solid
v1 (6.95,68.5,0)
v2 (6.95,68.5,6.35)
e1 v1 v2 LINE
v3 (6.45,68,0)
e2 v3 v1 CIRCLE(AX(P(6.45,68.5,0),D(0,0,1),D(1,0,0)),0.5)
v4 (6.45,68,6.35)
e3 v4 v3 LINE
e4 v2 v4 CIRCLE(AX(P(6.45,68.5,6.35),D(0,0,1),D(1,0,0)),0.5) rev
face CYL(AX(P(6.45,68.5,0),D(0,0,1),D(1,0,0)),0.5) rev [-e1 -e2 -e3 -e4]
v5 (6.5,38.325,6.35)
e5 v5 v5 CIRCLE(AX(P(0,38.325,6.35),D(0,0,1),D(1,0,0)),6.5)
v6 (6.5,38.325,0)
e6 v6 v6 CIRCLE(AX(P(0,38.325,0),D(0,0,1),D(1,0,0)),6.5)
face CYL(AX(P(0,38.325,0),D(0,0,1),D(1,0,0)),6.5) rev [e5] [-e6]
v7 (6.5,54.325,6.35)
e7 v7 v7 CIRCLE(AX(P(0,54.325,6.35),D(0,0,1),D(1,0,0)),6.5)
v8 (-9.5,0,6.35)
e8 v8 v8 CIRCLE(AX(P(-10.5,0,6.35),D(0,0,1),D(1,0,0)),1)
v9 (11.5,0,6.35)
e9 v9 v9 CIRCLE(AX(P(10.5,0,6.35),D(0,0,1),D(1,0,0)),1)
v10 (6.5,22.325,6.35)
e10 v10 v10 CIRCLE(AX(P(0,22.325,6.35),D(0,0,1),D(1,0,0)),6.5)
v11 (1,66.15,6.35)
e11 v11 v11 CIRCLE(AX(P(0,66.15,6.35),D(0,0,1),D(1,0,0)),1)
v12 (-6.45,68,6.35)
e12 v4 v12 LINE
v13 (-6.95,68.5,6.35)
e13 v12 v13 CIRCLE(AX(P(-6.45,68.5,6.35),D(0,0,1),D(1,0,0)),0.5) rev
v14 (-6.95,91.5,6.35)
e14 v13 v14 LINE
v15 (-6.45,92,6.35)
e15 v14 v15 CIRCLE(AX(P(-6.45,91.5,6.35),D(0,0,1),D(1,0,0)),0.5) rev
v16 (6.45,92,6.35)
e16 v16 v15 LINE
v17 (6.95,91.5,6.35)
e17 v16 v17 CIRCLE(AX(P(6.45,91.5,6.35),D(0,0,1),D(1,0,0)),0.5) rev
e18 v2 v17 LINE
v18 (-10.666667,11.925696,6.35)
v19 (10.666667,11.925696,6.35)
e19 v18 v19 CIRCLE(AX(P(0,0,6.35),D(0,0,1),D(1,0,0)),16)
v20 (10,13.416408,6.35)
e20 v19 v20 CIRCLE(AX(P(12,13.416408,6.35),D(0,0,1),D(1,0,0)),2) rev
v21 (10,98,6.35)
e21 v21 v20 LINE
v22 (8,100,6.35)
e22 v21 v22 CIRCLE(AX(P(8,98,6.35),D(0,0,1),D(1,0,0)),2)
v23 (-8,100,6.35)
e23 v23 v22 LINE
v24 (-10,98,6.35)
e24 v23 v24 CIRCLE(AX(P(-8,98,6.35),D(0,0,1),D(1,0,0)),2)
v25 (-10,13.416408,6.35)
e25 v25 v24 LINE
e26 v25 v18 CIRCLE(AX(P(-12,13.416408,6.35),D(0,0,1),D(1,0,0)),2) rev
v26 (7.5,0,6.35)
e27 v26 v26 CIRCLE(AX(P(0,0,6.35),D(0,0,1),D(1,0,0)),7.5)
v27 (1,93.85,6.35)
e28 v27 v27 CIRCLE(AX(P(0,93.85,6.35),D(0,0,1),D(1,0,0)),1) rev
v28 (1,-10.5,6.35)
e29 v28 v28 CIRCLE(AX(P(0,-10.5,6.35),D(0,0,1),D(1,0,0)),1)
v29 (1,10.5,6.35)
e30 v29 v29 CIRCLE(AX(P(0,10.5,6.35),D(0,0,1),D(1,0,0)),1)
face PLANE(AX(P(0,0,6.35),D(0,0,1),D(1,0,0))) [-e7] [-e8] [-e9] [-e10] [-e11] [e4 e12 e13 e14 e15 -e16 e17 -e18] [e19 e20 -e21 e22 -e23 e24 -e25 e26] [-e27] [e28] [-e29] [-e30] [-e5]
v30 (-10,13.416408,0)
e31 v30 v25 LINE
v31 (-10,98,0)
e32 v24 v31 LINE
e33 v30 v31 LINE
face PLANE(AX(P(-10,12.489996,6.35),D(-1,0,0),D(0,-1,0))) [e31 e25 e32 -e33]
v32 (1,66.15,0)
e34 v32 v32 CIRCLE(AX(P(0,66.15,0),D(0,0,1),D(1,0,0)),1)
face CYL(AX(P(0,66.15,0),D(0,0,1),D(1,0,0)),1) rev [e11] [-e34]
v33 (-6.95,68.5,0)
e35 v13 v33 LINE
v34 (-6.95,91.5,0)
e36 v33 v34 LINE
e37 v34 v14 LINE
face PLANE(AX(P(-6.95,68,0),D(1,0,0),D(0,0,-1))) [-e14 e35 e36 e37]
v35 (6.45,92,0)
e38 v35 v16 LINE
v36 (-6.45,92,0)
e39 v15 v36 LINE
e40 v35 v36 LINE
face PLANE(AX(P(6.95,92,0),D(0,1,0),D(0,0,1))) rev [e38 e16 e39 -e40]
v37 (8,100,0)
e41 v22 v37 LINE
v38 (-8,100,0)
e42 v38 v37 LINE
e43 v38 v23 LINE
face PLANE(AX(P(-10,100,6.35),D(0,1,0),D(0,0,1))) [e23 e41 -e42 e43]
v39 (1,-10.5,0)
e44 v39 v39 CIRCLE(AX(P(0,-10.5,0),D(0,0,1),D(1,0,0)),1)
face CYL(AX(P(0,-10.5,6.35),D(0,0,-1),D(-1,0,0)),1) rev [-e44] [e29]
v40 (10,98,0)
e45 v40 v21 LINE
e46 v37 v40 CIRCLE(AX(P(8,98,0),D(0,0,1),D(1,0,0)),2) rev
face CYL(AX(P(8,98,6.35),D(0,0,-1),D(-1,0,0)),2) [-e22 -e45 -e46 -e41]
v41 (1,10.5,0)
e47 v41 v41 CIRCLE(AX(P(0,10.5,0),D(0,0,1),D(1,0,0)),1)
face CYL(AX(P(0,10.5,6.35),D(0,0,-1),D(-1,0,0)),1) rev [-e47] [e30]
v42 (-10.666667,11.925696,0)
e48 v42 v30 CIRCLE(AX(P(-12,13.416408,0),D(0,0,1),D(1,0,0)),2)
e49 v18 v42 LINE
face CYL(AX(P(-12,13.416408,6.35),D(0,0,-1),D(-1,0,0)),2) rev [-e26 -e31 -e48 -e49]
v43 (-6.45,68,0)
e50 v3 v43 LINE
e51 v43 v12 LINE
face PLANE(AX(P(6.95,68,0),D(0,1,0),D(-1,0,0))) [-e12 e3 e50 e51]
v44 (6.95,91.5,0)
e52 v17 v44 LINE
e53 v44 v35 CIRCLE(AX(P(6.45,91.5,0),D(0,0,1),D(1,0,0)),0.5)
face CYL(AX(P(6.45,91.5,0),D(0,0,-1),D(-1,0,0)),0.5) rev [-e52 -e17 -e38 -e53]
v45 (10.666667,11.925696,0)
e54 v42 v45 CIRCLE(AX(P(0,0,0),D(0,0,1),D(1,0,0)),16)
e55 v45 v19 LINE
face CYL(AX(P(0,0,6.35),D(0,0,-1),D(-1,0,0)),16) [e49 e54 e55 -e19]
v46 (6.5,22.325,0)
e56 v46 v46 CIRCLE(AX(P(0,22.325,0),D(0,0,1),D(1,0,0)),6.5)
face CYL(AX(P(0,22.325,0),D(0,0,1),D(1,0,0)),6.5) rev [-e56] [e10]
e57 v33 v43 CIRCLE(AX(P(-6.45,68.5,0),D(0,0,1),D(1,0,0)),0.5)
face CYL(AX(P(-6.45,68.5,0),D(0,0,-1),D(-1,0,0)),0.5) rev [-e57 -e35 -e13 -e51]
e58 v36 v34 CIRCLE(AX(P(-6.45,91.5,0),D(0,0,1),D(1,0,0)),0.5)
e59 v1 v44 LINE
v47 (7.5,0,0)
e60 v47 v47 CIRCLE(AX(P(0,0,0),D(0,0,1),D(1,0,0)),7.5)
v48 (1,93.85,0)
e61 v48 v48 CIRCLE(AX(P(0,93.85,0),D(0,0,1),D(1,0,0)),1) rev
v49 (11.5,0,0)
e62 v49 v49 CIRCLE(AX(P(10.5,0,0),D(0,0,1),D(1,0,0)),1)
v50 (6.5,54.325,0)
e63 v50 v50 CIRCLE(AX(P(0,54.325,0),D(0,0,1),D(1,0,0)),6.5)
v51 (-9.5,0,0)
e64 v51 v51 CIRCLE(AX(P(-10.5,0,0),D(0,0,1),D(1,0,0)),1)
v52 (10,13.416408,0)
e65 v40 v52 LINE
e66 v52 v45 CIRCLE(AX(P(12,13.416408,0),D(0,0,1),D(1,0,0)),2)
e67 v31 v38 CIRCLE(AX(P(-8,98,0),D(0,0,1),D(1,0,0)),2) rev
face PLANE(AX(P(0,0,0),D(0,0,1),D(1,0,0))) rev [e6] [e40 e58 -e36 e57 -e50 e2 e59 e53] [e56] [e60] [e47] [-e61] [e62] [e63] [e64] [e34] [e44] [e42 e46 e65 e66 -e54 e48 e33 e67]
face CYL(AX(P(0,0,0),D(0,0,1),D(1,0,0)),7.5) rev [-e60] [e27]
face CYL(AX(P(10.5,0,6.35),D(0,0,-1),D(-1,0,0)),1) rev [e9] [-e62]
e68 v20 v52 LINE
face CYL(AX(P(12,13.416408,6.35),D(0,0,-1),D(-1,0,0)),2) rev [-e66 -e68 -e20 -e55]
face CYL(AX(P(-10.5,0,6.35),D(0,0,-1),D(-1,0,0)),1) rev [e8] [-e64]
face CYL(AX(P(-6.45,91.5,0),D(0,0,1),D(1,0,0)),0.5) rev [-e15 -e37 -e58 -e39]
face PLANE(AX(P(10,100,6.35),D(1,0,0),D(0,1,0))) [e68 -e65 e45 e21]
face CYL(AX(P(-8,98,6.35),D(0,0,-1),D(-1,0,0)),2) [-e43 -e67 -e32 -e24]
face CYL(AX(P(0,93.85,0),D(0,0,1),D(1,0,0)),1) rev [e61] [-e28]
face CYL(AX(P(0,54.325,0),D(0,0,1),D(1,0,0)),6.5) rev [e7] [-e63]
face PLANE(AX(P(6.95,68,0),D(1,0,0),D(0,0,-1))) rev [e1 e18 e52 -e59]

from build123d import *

# Parameters (mm, degrees)
SKETCH1_R           = 1
BOSS_EXTRUDE1_DEPTH = 6.35
SKETCH2_R           = 1
SKETCH2_W           = 13.9
SKETCH2_H           = 24
CUT_EXTRUDE1_DEPTH  = 102.470796291
FILLET1_R           = 0.5
FILLET2_R           = 2
SKETCH3_R           = 6.5
CUT_EXTRUDE2_DEPTH  = 6.35
SKETCH4_R           = 7.5
CUT_EXTRUDE3_DEPTH  = 102.470796291


with BuildPart() as part:
    # Sketch1 → Boss-Extrude1 (new body)
    with BuildSketch(Plane.XY):
        with BuildLine():
            Line((-10, 12.489995997), (-10, 100))
            Line((-10, 100), (10, 100))
            Line((10, 100), (10, 12.489995997))
            ThreePointArc((10, 12.489995997), (0, -16), (-10, 12.489995997))
        make_face()
        with Locations((-10.5, 0)):
            Circle(SKETCH1_R, mode=Mode.SUBTRACT)
        with Locations((0, 10.5)):
            Circle(SKETCH1_R, mode=Mode.SUBTRACT)
        with Locations((10.5, 0)):
            Circle(SKETCH1_R, mode=Mode.SUBTRACT)
        with Locations((0, -10.5)):
            Circle(SKETCH1_R, mode=Mode.SUBTRACT)
    extrude(amount=BOSS_EXTRUDE1_DEPTH)

    # Sketch2 → Cut-Extrude1 (cut, through all)
    with BuildSketch(Plane.XY.offset(6.35)):
        with Locations((0, 93.85)):
            Circle(SKETCH2_R)
        with Locations((0, 66.15)):
            Circle(SKETCH2_R)
        with Locations((0, 80)):
            Rectangle(SKETCH2_W, SKETCH2_H)
    extrude(amount=-CUT_EXTRUDE1_DEPTH, mode=Mode.SUBTRACT)

    # Fillet1
    fillet1_edges = [part.edges().sort_by_distance(p)[0] for p in [
        (6.95, 68, 3.175),
        (-6.95, 68, 3.175),
        (-6.95, 92, 3.175),
        (6.95, 92, 3.175),
    ]]
    fillet(fillet1_edges, radius=FILLET1_R)

    # Fillet2
    fillet2_edges = [part.edges().sort_by_distance(p)[0] for p in [
        (-10, 12.489995997, 3.175),
        (-10, 100, 3.175),
        (10, 100, 3.175),
        (10, 12.489995997, 3.175),
    ]]
    fillet(fillet2_edges, radius=FILLET2_R)

    # Sketch3 → Cut-Extrude2 (cut)
    with BuildSketch(Plane.XY.offset(6.35)):
        with Locations((0, 38.325)):
            Circle(SKETCH3_R)
        with Locations((0, 54.325)):
            Circle(SKETCH3_R)
        with Locations((0, 22.325)):
            Circle(SKETCH3_R)
    extrude(amount=-CUT_EXTRUDE2_DEPTH, mode=Mode.SUBTRACT)

    # Sketch4 → Cut-Extrude3 (cut, through all)
    with BuildSketch(Plane.XY.offset(6.35)):
        Circle(SKETCH4_R)
    extrude(amount=-CUT_EXTRUDE3_DEPTH, mode=Mode.SUBTRACT)


solid = part.part
